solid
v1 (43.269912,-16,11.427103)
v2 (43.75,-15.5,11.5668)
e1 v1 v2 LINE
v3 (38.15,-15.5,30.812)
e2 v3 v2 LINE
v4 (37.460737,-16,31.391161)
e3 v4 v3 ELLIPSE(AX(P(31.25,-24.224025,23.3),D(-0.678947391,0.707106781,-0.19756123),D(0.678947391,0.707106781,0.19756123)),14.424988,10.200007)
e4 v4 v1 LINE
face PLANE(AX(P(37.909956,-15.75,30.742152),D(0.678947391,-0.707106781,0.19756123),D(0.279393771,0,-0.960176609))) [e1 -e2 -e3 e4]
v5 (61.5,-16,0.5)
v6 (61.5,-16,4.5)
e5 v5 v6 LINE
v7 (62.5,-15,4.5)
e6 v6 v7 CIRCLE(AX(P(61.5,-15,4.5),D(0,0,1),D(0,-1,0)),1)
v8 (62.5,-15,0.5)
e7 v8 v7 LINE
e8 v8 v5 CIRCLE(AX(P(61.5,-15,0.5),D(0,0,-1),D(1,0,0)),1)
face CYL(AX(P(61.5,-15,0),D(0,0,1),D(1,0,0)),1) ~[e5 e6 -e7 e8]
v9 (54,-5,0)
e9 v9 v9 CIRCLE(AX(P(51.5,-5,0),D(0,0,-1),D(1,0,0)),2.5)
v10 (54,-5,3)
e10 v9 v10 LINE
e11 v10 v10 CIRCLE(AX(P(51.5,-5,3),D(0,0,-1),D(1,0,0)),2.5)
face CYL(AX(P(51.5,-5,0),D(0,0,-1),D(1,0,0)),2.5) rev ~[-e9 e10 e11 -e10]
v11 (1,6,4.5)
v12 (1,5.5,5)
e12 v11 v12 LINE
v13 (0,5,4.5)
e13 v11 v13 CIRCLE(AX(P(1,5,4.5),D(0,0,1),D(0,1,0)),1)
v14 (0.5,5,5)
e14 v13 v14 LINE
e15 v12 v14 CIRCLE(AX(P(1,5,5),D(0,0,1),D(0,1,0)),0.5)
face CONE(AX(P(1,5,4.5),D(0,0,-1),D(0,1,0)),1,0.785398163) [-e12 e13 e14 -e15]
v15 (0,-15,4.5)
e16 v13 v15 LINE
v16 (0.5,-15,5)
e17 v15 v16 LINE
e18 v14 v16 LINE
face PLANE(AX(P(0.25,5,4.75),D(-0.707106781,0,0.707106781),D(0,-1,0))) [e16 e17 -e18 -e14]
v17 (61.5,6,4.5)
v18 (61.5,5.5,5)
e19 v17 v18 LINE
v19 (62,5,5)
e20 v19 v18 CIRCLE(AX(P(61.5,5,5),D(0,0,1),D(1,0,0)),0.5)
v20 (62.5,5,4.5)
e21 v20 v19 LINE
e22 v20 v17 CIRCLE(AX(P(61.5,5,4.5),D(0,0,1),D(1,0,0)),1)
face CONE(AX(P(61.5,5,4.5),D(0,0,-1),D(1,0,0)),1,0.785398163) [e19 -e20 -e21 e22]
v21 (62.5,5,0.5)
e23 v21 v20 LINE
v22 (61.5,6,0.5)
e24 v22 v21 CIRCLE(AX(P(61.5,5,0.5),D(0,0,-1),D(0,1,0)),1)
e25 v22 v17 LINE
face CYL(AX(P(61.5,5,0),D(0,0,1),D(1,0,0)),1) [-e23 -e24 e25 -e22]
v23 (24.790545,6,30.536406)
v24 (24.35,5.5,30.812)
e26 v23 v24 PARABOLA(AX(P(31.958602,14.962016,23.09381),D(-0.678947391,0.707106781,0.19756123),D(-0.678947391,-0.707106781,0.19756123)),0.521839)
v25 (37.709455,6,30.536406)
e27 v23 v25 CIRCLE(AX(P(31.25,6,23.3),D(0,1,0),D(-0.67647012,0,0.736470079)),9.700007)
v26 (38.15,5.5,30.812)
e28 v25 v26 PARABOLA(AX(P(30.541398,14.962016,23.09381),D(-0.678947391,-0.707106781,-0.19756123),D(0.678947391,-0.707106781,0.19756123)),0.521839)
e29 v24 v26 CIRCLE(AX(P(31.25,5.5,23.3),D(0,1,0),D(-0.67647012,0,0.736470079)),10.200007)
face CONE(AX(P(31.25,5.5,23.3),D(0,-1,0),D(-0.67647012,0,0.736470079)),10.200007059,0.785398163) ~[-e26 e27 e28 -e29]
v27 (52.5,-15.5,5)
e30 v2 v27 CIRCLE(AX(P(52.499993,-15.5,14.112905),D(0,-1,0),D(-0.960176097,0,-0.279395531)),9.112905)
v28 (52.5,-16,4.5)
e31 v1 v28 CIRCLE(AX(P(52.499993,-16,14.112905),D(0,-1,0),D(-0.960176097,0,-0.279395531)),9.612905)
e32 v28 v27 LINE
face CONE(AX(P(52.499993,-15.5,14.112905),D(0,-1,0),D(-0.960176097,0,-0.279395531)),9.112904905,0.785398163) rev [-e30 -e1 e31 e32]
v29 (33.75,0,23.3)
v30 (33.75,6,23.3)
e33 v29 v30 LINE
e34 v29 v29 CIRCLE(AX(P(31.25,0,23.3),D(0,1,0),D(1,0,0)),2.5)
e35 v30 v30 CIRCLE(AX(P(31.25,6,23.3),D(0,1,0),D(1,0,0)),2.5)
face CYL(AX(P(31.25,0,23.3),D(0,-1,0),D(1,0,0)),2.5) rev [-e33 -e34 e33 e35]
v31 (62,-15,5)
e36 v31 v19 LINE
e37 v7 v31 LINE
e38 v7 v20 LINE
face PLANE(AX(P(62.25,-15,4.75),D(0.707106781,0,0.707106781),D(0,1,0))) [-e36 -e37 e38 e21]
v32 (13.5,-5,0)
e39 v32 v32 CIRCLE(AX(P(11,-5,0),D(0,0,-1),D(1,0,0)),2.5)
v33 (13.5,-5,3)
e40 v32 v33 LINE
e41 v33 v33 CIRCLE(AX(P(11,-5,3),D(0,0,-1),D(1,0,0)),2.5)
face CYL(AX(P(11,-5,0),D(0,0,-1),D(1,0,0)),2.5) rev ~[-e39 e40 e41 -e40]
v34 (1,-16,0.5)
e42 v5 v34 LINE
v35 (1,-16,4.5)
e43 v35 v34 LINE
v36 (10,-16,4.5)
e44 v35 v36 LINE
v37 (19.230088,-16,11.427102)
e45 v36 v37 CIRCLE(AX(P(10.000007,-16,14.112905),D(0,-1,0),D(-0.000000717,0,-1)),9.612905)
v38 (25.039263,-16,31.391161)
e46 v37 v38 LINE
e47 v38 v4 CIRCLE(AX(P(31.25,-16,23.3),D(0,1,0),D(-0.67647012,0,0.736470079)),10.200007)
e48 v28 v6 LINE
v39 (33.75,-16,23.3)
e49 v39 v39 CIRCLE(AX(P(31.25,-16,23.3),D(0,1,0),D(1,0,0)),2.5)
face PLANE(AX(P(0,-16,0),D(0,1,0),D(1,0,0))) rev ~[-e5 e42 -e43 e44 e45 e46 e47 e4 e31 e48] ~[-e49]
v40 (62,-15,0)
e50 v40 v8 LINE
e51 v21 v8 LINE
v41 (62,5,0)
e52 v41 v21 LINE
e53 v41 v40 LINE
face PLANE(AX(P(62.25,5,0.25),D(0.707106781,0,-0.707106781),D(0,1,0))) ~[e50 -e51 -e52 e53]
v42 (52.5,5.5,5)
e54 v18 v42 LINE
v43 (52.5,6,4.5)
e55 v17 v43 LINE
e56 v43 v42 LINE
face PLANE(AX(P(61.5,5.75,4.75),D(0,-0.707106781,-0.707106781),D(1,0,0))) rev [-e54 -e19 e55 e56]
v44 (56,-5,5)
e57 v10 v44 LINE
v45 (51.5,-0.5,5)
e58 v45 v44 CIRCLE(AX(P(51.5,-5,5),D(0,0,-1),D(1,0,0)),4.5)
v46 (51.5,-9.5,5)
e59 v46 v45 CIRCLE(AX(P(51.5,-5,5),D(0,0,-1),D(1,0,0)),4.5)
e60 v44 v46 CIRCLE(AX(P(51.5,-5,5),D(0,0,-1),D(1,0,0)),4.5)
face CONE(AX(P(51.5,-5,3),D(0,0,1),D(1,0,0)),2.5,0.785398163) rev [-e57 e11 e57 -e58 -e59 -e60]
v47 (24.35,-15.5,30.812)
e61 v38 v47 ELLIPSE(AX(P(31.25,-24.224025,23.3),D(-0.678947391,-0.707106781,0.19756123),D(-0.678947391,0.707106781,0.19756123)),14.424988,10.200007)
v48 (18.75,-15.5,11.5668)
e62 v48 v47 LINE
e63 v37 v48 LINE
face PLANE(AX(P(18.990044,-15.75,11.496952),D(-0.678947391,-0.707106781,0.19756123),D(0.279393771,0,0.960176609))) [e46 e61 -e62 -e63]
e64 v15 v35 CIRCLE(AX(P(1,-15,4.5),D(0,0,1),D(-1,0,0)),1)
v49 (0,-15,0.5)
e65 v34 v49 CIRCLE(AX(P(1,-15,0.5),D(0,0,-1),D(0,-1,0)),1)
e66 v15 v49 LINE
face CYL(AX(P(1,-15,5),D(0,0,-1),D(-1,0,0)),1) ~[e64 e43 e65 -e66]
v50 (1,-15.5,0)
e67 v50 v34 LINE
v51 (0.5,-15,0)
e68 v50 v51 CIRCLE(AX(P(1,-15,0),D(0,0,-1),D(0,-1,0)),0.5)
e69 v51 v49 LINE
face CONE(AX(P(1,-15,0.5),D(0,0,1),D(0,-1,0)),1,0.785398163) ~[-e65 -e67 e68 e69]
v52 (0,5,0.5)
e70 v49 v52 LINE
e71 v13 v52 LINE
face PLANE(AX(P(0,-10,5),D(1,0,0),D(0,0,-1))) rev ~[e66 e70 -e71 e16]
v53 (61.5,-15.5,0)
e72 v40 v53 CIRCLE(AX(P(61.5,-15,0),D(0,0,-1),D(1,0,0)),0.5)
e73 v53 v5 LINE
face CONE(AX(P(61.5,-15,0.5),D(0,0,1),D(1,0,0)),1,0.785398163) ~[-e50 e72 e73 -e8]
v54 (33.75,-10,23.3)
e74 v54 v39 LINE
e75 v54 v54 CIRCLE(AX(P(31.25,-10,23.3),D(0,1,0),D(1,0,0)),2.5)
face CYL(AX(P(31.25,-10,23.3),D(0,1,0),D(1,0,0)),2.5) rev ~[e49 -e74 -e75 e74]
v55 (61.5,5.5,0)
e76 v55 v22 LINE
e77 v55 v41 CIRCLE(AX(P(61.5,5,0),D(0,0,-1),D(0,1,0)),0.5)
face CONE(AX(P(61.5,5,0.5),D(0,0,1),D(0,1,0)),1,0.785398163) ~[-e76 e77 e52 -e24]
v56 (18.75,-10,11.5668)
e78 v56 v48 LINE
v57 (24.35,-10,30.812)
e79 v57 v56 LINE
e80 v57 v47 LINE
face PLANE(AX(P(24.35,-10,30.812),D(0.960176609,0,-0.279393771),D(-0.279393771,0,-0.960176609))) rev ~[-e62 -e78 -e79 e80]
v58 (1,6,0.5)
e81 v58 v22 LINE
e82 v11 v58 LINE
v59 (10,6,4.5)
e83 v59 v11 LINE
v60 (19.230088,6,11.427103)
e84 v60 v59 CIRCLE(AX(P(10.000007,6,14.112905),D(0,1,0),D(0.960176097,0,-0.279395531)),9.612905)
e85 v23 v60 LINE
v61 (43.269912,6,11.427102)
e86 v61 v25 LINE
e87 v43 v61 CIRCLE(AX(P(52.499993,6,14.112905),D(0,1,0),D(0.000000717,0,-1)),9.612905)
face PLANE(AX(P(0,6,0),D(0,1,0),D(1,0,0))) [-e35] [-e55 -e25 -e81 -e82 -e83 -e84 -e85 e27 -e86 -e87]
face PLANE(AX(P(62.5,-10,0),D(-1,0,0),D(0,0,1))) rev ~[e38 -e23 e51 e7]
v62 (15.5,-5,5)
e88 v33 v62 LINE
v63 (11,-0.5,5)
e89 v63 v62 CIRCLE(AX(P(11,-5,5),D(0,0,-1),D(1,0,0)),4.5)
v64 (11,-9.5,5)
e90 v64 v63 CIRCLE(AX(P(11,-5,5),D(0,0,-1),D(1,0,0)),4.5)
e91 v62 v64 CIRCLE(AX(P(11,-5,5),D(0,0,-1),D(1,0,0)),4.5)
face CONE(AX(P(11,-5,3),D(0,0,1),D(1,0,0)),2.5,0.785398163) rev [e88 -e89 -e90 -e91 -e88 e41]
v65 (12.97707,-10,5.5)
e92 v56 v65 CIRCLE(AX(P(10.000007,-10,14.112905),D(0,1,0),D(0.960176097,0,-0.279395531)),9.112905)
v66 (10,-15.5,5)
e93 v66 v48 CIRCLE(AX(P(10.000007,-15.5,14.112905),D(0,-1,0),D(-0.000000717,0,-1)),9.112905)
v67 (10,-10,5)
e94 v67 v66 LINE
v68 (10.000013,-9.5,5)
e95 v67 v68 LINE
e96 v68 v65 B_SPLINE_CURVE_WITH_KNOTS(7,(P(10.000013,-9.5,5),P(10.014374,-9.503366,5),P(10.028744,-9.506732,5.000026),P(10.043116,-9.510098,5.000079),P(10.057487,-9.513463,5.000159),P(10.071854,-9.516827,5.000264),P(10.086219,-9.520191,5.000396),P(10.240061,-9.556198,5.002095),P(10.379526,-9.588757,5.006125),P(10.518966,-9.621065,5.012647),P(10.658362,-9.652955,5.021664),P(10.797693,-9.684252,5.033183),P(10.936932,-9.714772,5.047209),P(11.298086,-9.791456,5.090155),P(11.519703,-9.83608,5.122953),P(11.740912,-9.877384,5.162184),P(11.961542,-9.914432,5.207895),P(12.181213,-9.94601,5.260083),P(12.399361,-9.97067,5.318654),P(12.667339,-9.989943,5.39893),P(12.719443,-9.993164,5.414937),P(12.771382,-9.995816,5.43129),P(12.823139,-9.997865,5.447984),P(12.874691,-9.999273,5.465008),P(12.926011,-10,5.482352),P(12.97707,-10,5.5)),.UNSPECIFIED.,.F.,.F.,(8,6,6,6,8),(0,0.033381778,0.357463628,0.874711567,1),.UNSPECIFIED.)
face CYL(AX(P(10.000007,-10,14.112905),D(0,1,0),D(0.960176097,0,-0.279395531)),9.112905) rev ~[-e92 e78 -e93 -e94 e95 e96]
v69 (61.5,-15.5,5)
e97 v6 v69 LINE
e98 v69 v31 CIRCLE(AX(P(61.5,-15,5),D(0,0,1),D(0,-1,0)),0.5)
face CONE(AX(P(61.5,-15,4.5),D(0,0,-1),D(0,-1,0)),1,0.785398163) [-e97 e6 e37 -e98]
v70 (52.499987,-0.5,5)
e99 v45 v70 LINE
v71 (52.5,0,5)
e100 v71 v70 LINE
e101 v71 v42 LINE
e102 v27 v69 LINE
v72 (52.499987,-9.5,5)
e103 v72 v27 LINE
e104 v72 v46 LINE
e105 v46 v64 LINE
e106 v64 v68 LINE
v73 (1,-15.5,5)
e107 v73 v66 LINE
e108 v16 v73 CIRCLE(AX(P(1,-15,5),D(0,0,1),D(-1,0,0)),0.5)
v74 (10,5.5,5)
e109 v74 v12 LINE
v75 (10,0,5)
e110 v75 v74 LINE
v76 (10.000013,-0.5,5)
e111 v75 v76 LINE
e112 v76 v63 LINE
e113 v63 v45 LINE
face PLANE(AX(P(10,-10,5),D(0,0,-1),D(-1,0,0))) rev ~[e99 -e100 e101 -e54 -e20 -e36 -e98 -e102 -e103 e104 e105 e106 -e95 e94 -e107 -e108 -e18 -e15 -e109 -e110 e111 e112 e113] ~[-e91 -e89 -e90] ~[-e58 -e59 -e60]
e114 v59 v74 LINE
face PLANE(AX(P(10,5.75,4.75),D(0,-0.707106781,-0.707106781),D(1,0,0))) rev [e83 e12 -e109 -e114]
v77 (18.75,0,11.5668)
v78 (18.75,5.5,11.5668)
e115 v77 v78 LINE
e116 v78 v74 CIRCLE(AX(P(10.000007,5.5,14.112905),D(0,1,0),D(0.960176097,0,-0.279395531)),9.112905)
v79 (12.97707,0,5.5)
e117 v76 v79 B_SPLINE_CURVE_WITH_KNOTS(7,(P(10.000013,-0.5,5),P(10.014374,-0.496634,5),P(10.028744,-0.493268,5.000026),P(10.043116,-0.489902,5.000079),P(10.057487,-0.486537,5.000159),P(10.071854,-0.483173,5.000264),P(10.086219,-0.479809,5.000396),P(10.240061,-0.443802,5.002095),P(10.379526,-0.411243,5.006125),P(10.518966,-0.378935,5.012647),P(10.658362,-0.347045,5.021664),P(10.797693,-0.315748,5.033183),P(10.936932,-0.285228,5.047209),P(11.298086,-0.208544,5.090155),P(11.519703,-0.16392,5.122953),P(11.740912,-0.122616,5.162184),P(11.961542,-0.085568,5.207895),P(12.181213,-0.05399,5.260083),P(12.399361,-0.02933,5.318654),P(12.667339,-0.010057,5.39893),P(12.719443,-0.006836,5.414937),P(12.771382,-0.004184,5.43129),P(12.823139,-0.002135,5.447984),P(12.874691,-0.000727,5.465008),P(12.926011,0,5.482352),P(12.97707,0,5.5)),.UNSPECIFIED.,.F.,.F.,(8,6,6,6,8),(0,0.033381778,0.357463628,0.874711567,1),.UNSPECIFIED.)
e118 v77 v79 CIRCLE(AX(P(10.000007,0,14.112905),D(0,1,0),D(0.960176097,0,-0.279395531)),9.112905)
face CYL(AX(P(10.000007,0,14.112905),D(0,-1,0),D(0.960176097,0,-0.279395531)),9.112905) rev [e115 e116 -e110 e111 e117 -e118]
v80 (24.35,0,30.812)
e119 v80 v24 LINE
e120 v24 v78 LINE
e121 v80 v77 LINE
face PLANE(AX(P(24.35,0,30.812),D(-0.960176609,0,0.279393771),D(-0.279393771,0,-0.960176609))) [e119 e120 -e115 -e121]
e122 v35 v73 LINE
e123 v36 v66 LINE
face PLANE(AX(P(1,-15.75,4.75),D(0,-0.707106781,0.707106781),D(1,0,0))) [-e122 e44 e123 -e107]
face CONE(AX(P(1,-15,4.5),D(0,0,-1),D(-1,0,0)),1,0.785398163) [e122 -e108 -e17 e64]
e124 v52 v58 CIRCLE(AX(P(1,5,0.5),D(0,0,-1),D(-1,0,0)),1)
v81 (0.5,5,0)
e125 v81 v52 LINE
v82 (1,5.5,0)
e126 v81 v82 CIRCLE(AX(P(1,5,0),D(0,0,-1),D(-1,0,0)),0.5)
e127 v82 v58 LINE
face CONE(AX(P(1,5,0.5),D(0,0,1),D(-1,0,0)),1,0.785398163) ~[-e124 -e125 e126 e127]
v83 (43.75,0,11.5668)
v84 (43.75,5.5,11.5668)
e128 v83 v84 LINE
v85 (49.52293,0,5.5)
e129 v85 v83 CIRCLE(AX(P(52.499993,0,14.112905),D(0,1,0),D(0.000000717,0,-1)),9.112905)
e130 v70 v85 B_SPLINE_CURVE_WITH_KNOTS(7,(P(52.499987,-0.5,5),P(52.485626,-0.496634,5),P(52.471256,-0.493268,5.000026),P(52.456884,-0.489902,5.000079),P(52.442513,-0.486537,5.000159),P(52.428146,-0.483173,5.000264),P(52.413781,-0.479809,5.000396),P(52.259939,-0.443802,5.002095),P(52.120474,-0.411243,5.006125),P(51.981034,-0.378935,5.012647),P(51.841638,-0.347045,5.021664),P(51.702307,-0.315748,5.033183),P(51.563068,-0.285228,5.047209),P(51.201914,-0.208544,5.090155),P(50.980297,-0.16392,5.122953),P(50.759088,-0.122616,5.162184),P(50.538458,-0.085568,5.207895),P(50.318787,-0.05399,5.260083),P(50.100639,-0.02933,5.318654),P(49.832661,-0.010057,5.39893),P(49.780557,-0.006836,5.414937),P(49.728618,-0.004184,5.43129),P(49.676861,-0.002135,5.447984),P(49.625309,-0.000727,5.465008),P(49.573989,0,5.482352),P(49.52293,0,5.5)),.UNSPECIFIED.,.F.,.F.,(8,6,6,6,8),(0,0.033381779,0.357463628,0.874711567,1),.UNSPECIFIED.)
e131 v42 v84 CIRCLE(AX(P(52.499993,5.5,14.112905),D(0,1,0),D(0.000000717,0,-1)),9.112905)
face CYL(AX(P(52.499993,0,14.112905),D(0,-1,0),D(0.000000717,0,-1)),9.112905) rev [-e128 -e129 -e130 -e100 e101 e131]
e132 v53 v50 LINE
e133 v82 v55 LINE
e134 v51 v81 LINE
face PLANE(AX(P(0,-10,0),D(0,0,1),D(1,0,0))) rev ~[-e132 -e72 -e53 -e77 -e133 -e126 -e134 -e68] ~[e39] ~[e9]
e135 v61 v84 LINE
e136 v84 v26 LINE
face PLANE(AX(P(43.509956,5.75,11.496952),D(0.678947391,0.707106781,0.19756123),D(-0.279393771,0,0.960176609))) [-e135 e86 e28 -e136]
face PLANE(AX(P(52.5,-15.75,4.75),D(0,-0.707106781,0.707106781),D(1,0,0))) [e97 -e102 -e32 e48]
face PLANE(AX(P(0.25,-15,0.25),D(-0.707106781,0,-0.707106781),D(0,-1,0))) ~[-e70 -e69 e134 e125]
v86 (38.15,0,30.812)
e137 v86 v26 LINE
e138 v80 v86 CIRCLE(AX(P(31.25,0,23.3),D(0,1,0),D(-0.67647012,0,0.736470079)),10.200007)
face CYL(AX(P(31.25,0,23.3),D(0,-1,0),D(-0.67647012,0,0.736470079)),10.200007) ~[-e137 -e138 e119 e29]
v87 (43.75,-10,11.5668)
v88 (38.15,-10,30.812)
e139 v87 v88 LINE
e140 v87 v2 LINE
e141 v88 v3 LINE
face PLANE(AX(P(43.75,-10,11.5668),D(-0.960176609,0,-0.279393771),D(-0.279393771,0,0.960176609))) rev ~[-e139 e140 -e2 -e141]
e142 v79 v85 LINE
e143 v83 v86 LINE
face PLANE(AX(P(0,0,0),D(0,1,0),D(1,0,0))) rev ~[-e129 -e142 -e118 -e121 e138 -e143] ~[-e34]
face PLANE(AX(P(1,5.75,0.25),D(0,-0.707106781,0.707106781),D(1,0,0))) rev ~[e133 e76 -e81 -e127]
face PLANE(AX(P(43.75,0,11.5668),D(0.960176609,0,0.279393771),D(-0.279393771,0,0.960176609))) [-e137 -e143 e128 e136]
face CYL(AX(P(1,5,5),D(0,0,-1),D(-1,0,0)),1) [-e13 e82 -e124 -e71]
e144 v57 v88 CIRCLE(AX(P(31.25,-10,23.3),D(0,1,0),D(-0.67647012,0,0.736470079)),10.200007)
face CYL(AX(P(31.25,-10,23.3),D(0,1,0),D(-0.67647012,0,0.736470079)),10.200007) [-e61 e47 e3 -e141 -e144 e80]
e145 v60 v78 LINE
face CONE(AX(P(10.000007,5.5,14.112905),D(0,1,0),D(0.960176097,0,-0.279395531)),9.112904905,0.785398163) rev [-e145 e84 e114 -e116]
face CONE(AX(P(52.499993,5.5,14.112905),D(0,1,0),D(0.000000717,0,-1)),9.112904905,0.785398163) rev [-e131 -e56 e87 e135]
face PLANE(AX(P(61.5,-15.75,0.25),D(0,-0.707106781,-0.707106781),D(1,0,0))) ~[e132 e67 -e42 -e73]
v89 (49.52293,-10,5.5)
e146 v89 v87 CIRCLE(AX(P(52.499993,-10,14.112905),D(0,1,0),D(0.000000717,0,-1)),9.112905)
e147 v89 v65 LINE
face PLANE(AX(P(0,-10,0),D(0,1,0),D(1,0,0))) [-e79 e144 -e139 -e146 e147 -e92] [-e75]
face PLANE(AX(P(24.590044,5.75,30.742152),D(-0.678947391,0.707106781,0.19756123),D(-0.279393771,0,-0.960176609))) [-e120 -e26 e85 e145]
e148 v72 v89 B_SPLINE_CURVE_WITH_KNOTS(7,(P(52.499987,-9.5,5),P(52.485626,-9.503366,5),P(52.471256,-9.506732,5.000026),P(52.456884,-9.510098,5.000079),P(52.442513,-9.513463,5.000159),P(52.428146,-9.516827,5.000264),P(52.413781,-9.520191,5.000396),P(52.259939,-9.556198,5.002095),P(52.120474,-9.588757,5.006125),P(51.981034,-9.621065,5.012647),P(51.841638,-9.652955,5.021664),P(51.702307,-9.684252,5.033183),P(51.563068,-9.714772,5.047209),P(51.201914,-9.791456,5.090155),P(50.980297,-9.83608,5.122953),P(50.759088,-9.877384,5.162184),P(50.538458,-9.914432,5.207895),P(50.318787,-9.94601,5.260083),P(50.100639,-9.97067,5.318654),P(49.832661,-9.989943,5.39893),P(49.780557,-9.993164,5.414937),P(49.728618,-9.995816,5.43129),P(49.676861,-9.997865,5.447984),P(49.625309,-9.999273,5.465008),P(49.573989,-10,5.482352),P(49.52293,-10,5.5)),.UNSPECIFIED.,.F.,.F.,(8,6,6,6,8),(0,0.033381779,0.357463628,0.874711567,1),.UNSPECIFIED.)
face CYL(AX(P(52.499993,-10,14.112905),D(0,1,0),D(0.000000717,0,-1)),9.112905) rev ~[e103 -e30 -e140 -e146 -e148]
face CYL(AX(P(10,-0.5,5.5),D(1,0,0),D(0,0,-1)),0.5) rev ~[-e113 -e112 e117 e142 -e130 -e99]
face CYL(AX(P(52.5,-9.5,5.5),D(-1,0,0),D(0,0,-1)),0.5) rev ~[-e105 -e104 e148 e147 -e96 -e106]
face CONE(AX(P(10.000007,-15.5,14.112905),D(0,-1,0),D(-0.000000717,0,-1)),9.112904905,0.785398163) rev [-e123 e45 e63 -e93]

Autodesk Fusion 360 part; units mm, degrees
sketch "Sketch1" plane through (0, 0, 0) normal (0, 1, 0) x (1, 0, 0)
  line L0 (0, 0) -> (62.5, 0)
  line L1 (62.5, 0) -> (62.5, -5)
  line L2 (62.5, -5) -> (52.5, -5)
  arc A0 (52.5, -5) -> (43.75, -11.5668) centre (52.5, -14.1129) ccw
  line L3 (43.75, -11.5668) -> (38.15, -30.812)
  arc A1 (24.35, -30.812) -> (38.15, -30.812) centre (31.25, -23.3) ccw
  line L4 (24.35, -30.812) -> (18.75, -11.5668)
  arc A2 (18.75, -11.5668) -> (10, -5) centre (10, -14.1129) ccw
  line L5 (10, -5) -> (0, -5)
  line L6 (0, -5) -> (0, 0)
  circle A3 centre (31.25, -23.3) radius 2.5
  line L7 (24.35, -30.812) -> (38.15, -30.812) construction
  line L8 (31.25, -33.5) -> (31.25, -23.3) construction
  line L9 (10, -5) -> (52.5, -5)
  dimension "d1" = 13.8
  dimension "d2" = 7.7
  dimension "d3" = 5
  dimension "d5" = 5
  dimension "d8" = 62.5
  dimension "d29" = 33.5
  dimension "d30" = 25
  dimension "d31" = 10
extrude "Extrude1" add sketch "Sketch1" along normal blind 6
extrude "Extrude2" add sketch "Sketch1" against normal blind 10 contours L0 L1 L2 L5 L6 L9
extrude "Extrude3" add 1 faces at (31.3123, 6, 14.6469) along direction (0, -1, 0) blind 6 from surface at 16
fillet "Fillet1" radius 1 4 edges at (0, -16, 2.5) (62.5, -16, 2.5) (62.5, 6, 2.5) (0, 6, 2.5)
sketch "Sketch2" plane through (0, 0, 0) normal (0, 0, -1) x (1, 0, 0)
  arc A0 (0, -5) -> (1, -6) centre (1, -5) ccw
  line L0 (1, -6) -> (61.5, -6)
  arc A1 (61.5, -6) -> (62.5, -5) centre (61.5, -5) ccw
  line L1 (62.5, -5) -> (62.5, 15)
  arc A2 (62.5, 15) -> (61.5, 16) centre (61.5, 15) ccw
  line L2 (61.5, 16) -> (1, 16)
  arc A3 (1, 16) -> (0, 15) centre (1, 15) ccw
  line L3 (0, 15) -> (0, -5)
  line L4 (0, 5) -> (62.5, 5) construction
  circle A4 centre (11, 5) radius 2.5
  circle A5 centre (51.5, 5) radius 2.5
  line L5 (31.25, 5) -> (31.25, 16) construction
  dimension "d20" = 40.5
  dimension "d21" = 5
extrude "Extrude4" cut sketch "Sketch2" against normal blind 7 contours A4 | A5
chamfer "Chamfer1" distance 2 angle 45 2 edges at (8.6692, -4.096, 5) (49.1692, -4.096, 5)
chamfer "Chamfer2" distance 0.5 angle 45 27 edges at (40.95, 6, 21.1894) (47.03, 6, 6.8243) (57, 6, 5) (62.2071, 5.7071, 5) (62.5, -5, 5) (62.2071, -15.7071, 5) (57, -16, 5) (47.03, -16, 6.8243) (40.95, -16, 21.1894) (21.55, 6, 21.1894) (21.55, -16, 21.1894) (15.47, -16, 6.8243) (5.5, -16, 5) (0.2929, -15.7071, 5) (0, -5, 5) (0.2929, 5.7071, 5) (5.5, 6, 5) (15.47, 6, 6.8243) (31.25, 6, 33.5) (31.25, 6, 0) (0.2929, 5.7071, 0) (0, -5, 0) (0.2929, -15.7071, 0) (31.25, -16, 0) (62.2071, -15.7071, 0) (62.5, -5, 0) (62.2071, 5.7071, 0)
fillet "Fillet3" radius 0.5 2 edges at (31.25, -10, 5) (31.25, 0, 5)
